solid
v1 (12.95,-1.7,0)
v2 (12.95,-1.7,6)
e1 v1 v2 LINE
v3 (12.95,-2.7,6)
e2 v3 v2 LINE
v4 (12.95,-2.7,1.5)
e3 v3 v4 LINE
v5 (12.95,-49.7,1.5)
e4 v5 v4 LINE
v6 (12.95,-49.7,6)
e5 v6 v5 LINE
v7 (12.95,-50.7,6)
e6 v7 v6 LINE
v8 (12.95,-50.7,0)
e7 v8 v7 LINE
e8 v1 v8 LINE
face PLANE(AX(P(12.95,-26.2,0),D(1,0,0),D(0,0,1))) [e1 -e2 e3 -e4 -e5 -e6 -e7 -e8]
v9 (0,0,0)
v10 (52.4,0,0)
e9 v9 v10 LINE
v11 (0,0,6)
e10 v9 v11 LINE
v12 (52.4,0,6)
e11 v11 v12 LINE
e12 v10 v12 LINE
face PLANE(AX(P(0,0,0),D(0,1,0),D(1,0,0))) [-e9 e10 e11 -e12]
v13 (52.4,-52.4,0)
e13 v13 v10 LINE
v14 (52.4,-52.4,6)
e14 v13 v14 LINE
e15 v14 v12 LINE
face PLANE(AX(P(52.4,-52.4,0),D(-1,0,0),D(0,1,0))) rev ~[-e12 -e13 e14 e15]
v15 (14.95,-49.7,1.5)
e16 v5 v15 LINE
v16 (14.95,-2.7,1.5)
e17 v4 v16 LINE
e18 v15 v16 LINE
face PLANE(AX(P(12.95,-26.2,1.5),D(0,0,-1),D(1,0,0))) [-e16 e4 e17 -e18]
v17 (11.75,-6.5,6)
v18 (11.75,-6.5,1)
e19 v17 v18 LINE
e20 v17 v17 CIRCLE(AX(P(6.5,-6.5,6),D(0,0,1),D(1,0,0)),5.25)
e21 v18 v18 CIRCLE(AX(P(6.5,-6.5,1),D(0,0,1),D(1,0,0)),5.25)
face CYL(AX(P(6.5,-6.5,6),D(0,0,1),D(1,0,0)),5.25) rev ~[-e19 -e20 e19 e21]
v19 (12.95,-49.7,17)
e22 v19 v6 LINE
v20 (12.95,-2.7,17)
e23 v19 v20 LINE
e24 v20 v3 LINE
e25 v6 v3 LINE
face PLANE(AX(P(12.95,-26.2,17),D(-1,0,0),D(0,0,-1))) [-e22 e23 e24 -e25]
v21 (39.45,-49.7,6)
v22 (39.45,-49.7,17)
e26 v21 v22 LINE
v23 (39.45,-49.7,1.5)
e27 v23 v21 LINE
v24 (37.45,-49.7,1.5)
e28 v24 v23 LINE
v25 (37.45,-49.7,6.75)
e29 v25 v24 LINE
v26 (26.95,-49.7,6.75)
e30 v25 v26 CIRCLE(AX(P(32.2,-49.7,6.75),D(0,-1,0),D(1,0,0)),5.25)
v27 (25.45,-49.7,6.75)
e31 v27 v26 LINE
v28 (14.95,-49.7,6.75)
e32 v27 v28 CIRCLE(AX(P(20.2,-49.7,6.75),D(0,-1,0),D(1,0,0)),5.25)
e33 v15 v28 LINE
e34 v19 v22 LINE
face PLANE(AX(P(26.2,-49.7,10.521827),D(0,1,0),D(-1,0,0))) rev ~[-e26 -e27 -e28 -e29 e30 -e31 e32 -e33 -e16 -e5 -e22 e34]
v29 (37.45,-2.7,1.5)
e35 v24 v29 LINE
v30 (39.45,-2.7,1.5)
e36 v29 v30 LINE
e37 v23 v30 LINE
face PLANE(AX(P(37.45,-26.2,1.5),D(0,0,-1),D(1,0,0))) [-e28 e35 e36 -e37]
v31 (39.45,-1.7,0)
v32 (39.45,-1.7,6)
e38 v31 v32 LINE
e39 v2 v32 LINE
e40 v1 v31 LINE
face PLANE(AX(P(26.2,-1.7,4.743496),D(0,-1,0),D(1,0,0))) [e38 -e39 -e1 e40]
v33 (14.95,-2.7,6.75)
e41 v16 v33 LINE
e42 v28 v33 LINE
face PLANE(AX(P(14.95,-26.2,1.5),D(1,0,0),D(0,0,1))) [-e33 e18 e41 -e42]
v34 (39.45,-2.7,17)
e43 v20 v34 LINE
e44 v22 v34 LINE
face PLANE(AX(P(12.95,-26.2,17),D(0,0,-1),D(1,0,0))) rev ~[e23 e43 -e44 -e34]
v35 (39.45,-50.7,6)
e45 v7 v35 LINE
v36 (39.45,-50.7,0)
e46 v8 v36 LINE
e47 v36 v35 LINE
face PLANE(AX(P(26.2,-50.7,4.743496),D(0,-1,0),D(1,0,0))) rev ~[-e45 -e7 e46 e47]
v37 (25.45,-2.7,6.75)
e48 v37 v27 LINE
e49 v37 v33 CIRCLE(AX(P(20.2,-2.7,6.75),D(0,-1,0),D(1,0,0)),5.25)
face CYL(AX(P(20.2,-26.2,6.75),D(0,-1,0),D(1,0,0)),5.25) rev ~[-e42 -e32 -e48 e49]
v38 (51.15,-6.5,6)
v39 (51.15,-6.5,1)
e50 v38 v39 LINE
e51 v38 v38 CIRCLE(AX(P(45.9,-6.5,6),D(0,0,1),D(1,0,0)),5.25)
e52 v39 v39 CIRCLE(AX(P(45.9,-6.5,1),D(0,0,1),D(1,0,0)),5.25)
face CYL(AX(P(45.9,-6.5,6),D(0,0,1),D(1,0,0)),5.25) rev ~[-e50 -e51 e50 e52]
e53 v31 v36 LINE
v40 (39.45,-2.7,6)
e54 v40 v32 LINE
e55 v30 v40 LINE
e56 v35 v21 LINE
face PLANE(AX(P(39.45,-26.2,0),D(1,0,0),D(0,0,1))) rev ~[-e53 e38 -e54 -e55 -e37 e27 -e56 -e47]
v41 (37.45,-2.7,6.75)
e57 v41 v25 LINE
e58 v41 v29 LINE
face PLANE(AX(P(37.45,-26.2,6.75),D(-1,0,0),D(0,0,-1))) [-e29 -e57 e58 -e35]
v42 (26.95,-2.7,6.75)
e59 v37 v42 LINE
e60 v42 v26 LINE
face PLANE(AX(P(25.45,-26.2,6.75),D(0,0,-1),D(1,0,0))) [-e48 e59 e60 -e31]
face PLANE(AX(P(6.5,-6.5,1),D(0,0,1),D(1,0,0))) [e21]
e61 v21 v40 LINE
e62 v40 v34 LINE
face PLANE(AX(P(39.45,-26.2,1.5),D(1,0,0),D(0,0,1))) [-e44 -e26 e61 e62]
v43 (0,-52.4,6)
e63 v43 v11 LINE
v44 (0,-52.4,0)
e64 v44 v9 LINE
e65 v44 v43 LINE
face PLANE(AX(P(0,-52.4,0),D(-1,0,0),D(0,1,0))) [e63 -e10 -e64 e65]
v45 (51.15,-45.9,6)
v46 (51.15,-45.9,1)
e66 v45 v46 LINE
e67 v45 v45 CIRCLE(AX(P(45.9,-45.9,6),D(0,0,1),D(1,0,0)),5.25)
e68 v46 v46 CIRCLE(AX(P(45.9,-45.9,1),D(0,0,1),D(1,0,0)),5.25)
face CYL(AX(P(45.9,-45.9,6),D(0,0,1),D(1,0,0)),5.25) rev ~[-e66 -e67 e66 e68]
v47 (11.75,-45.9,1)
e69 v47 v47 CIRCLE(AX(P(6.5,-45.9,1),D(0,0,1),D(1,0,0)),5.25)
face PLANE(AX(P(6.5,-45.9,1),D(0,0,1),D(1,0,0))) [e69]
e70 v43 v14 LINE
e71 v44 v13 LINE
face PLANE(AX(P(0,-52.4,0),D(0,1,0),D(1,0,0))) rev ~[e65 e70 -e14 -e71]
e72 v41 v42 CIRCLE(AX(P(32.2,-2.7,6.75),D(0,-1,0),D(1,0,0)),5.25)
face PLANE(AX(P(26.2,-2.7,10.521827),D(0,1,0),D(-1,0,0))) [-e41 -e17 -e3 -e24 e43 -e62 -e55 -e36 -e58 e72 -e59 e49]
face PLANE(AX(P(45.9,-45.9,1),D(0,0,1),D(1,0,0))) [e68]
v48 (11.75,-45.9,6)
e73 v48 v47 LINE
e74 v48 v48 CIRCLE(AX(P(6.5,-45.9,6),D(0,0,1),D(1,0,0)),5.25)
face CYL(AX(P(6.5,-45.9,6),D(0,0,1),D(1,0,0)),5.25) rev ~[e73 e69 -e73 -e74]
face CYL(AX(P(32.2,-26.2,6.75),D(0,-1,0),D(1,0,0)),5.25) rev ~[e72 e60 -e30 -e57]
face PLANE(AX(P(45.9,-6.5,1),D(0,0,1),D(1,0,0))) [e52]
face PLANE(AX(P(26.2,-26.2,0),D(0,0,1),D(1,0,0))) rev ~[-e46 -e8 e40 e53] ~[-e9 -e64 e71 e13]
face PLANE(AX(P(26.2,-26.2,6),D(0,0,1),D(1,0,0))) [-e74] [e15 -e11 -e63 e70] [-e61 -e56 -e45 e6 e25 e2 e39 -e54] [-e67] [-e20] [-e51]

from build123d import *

# Parameters (mm, degrees)
SKETCH_W        = 52.4
SKETCH_H        = 52.4
PAD_DEPTH       = 6
SKETCH001_R     = 5.25
POCKET_DEPTH    = 5
SKETCH003_W     = 26.5
SKETCH003_H     = 9.486992
POCKET001_DEPTH = 24.5
PAD001_DEPTH    = 23.5


with BuildPart() as part:
    # Sketch → Pad (new body)
    with BuildSketch(Plane.XY):
        with Locations((26.2, -26.2)):
            Rectangle(SKETCH_W, SKETCH_H)
    extrude(amount=PAD_DEPTH)

    # Sketch001 (on Face6 of Pad) → Pocket (cut)
    with BuildSketch(Plane.XY.offset(6)):
        with Locations((6.5, -6.5)):
            Circle(SKETCH001_R)
        with Locations((45.9, -6.5)):
            Circle(SKETCH001_R)
        with Locations((45.9, -45.9)):
            Circle(SKETCH001_R)
        with Locations((6.5, -45.9)):
            Circle(SKETCH001_R)
    extrude(amount=-POCKET_DEPTH, mode=Mode.SUBTRACT)

    # Sketch003 (on DatumPlane) → Pocket001 (cut, symmetric)
    with BuildSketch(Plane.XZ.offset(26.2)):
        with Locations((26.2, 4.743496)):
            Rectangle(SKETCH003_W, SKETCH003_H)
    extrude(amount=POCKET001_DEPTH, both=True, mode=Mode.SUBTRACT)

    # Sketch004 (on DatumPlane) → Pad001 (join, symmetric)
    with BuildSketch(Plane.XZ.offset(26.2)):
        with BuildLine():
            ThreePointArc((25.45, 6.75), (20.2, 12), (14.95, 6.75))
            Line((14.95, 1.5), (14.95, 6.75))
            Line((12.95, 1.5), (14.95, 1.5))
            Line((12.95, 17), (12.95, 1.5))
            Line((12.95, 17), (39.45, 17))
            Line((39.45, 1.5), (39.45, 17))
            Line((37.45, 1.5), (39.45, 1.5))
            Line((37.45, 6.75), (37.45, 1.5))
            ThreePointArc((37.45, 6.75), (32.2, 12), (26.95, 6.75))
            Line((25.45, 6.75), (26.95, 6.75))
        make_face()
    extrude(amount=PAD001_DEPTH, both=True)


solid = part.part
